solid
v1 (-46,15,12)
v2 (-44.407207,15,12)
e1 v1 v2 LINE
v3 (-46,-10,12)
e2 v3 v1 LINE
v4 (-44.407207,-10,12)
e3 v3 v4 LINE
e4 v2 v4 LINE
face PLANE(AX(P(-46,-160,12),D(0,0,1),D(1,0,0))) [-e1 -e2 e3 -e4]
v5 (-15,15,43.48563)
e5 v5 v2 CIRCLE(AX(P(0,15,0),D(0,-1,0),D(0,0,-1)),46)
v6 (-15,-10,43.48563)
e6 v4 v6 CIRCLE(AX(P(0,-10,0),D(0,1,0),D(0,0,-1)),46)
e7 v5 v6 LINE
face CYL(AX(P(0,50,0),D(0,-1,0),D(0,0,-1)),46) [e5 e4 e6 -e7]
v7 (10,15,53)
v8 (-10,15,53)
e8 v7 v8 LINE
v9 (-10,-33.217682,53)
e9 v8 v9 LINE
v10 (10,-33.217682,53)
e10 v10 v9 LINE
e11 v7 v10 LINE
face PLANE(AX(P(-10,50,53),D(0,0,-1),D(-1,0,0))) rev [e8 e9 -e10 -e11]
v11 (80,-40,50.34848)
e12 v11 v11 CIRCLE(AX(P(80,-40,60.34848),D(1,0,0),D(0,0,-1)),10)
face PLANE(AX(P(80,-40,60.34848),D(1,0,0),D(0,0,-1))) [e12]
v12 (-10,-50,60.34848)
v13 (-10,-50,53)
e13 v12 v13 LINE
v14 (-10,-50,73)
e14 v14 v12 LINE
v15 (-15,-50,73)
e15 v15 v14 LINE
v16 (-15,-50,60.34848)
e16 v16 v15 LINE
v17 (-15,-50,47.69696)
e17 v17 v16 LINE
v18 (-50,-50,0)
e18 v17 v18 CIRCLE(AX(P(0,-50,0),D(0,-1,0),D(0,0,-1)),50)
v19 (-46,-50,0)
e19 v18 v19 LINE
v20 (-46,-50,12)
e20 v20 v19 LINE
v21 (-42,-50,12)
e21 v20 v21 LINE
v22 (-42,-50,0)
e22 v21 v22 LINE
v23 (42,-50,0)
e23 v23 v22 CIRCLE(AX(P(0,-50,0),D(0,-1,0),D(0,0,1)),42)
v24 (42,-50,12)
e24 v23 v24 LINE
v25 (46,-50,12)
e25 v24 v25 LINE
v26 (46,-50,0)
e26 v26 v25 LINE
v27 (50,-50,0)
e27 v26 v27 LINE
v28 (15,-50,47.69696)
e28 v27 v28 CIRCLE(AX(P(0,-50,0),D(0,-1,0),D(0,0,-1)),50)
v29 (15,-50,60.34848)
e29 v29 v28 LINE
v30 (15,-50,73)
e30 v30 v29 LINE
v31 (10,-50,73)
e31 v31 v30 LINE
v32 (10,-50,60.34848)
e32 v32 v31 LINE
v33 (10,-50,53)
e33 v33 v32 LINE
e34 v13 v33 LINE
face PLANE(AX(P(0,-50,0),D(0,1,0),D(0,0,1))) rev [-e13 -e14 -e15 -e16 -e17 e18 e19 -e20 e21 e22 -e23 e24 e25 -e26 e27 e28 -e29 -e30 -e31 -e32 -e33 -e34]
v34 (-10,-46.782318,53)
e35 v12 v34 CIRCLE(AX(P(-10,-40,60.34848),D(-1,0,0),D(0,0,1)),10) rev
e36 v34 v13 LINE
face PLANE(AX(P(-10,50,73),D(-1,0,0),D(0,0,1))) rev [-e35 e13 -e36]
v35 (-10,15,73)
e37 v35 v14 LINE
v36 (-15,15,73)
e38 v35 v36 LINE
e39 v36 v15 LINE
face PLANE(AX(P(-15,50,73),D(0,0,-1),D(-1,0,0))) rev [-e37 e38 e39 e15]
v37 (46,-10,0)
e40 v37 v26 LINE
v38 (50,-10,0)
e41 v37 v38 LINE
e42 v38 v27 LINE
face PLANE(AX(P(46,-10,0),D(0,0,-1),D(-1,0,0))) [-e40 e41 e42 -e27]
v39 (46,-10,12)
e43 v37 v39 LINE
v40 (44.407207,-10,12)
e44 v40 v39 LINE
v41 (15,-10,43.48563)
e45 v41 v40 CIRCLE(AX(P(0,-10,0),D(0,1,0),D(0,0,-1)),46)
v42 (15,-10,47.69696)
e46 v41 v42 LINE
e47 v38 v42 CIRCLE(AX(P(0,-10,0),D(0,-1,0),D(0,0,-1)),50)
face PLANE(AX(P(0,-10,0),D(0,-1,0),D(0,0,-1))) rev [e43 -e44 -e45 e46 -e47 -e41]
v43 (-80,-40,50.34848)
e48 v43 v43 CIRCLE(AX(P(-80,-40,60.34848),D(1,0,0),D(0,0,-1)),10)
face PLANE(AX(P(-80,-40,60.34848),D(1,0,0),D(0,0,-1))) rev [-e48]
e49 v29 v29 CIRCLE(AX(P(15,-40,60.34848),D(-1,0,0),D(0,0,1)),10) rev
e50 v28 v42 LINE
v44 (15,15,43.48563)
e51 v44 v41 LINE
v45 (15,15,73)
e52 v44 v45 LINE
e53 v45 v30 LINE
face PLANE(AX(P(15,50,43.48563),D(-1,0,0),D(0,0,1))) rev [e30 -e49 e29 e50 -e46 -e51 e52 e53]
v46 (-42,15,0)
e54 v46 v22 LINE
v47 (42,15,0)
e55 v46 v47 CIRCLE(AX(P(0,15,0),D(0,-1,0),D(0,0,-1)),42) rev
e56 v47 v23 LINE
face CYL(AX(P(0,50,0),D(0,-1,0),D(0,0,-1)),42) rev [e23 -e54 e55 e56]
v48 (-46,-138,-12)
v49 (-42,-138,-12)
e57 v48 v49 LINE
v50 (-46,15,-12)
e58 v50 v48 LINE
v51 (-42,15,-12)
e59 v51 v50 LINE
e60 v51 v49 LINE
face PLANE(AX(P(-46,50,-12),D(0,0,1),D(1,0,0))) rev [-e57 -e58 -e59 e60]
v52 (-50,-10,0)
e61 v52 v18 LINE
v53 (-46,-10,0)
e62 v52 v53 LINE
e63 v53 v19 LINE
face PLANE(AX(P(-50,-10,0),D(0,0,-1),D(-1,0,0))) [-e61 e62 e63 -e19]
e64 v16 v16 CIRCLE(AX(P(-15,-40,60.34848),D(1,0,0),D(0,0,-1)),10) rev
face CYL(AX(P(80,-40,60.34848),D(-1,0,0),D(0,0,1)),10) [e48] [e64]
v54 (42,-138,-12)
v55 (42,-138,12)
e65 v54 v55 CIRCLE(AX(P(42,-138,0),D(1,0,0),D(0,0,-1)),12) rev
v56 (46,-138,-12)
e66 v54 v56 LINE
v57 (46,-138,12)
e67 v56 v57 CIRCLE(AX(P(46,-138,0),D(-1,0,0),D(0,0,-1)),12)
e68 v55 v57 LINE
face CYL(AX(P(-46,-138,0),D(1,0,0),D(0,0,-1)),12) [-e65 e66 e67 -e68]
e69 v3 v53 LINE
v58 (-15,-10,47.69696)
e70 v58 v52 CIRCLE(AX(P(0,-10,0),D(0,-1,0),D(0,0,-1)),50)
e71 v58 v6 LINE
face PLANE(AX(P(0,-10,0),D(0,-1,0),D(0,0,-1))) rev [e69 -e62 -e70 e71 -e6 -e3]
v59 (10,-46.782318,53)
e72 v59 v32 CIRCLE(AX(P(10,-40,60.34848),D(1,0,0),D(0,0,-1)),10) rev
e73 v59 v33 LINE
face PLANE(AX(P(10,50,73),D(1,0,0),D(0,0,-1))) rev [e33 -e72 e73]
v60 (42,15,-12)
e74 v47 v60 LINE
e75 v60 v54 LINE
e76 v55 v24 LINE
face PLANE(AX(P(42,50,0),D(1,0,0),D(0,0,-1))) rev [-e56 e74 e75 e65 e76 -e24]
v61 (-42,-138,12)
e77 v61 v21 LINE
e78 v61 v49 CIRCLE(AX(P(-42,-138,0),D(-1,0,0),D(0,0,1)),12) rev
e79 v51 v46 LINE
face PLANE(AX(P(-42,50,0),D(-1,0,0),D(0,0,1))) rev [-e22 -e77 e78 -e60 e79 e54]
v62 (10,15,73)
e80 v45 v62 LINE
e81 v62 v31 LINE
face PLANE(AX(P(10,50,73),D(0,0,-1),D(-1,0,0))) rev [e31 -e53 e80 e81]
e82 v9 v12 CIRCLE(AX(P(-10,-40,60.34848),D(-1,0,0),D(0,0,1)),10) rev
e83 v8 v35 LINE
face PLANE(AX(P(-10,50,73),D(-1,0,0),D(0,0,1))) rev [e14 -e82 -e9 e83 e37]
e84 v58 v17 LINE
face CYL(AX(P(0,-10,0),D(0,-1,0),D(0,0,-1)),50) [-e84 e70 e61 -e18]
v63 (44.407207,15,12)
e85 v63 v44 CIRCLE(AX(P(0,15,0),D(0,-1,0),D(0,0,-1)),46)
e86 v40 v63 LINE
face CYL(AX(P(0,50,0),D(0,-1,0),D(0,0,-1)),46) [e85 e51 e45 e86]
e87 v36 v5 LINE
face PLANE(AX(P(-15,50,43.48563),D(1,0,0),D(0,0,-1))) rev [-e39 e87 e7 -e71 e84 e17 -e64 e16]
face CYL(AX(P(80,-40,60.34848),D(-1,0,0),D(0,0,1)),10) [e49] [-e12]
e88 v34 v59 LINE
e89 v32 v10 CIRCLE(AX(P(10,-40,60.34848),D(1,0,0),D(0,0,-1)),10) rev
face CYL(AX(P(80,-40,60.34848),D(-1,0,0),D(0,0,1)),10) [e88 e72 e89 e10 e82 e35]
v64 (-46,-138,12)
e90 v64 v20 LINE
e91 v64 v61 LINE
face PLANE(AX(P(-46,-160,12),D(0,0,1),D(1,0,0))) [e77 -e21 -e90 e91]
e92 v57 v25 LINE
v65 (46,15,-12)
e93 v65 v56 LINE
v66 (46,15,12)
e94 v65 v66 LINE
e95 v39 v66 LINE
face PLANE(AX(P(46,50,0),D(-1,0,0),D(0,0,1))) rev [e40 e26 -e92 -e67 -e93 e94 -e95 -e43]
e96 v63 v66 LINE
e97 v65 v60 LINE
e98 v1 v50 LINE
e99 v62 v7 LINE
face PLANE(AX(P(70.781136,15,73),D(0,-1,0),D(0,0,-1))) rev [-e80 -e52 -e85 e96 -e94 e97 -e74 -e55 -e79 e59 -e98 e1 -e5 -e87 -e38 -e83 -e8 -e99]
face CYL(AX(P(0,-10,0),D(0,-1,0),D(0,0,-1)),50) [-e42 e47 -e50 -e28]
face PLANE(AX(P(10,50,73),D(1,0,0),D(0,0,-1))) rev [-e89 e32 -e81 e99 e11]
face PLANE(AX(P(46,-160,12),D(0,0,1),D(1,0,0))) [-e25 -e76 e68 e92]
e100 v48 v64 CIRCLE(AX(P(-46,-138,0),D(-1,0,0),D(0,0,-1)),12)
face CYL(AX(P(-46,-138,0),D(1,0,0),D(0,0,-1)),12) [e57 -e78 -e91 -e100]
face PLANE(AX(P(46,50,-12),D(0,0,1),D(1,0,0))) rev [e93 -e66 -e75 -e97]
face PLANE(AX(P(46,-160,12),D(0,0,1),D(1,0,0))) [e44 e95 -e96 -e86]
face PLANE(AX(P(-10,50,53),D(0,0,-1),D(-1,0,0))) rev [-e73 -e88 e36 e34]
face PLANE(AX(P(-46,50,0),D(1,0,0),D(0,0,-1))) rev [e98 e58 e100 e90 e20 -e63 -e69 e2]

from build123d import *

# Parameters (mm, degrees)
EXTRUDE_1_DEPTH     = 50
SKETCH_2_W          = 4
SKETCH_2_H          = 24
EXTRUDE_2_DEPTH     = 210
CUT_EXTRUDE_1_DEPTH = 93
SKETCH_4_W          = 4
SKETCH_4_H          = 24
EXTRUDE_3_DEPTH     = 260
EXTRUDE_4_DEPTH     = 30
SKETCH_6_R          = 4
CUT_EXTRUDE_2_DEPTH = 97
SKETCH_8_W          = 162.90282803
SKETCH_8_H          = 303.086270548
CUT_EXTRUDE_4_DEPTH = 86
EXTRUDE_5_DEPTH     = 40
SKETCH_10_R         = 10
EXTRUDE_6_DEPTH     = 80


with BuildPart() as part:
    # 草图1 → 凸台-拉伸1 (new body, symmetric)
    with BuildSketch(Plane(origin=(0, 0, 0), x_dir=(1, 0, 0), z_dir=(0, 1, 0))):
        with BuildLine():
            Line((-46, 0), (-46, 12))
            Line((-46, 12), (-42, 12))
            Line((-42, 12), (-42, 0))
            ThreePointArc((-42, 0), (0, -42), (42, 0))
            Line((42, 0), (42, 12))
            Line((42, 12), (46, 12))
            Line((46, 12), (46, 0))
            ThreePointArc((46, 0), (37.456641601, -26.702059846), (15, -43.48562981))
            Line((15, -43.48562981), (15, -73))
            Line((15, -73), (10, -73))
            Line((10, -73), (10, -53))
            Line((10, -53), (-10, -53))
            Line((-10, -53), (-10, -73))
            Line((-10, -73), (-15, -73))
            Line((-15, -73), (-15, -43.48562981))
            ThreePointArc((-15, -43.48562981), (-37.456641601, -26.702059846), (-46, 0))
        make_face()
    extrude(amount=EXTRUDE_1_DEPTH, both=True)

    # 草图2 → 凸台-拉伸2 (add)
    with BuildSketch(Plane(origin=(0, 50, 0), x_dir=(1, 0, 0), z_dir=(0, 1, 0))):
        with Locations((-44, 0)):
            Rectangle(SKETCH_2_W, SKETCH_2_H)
        with Locations((44, 0)):
            Rectangle(SKETCH_2_W, SKETCH_2_H)
    extrude(amount=-EXTRUDE_2_DEPTH)

    # 草图3 → 切除-拉伸1 (cut, through all)
    with BuildSketch(Plane(origin=(46, 0, 0), x_dir=(0, 0, -1), z_dir=(1, 0, 0))):
        with BuildLine():
            Line((-12, -138), (-12, -169.379550042))
            Line((-12, -169.379550042), (12, -169.379550042))
            Line((12, -169.379550042), (12, -138))
            ThreePointArc((12, -138), (0, -150), (-12, -138))
        make_face()
    extrude(amount=-CUT_EXTRUDE_1_DEPTH, mode=Mode.SUBTRACT)

    # 草图4 → 凸台-拉伸3 (add)
    with BuildSketch(Plane(origin=(0, 50, 0), x_dir=(1, 0, 0), z_dir=(0, 1, 0))):
        with Locations((44, 0)):
            Rectangle(SKETCH_4_W, SKETCH_4_H)
        with Locations((-44, 0)):
            Rectangle(SKETCH_4_W, SKETCH_4_H)
    extrude(amount=EXTRUDE_3_DEPTH)

    # 草图5 → 凸台-拉伸4 (add)
    with BuildSketch(Plane(origin=(0, 310, 0), x_dir=(1, 0, 0), z_dir=(0, 1, 0))):
        with BuildLine():
            Line((-48.538644398, 12), (-42, 12))
            Line((-42, 12), (-42, 0))
            ThreePointArc((-42, 0), (0, -42), (42, 0))
            Line((42, 0), (42, 12))
            Line((42, 12), (48.538644398, 12))
            ThreePointArc((48.538644398, 12), (0, -50), (-48.538644398, 12))
        make_face()
    extrude(amount=-EXTRUDE_4_DEPTH)

    # 草图6 → 切除-拉伸2 (cut, through all)
    with BuildSketch(Plane(origin=(46, 0, 0), x_dir=(0, 0, -1), z_dir=(1, 0, 0))):
        with Locations((0, 200)):
            Circle(SKETCH_6_R)
    extrude(amount=-CUT_EXTRUDE_2_DEPTH, mode=Mode.SUBTRACT)

    # 草图8 → 切除-拉伸4 (cut, through all)
    with BuildSketch(Plane(origin=(0, 0, -12), x_dir=(-1, 0, 0), z_dir=(0, 0, -1))):
        with Locations((10.670277924, 166.543135274)):
            Rectangle(SKETCH_8_W, SKETCH_8_H)
    extrude(amount=-CUT_EXTRUDE_4_DEPTH, mode=Mode.SUBTRACT)

    # 草图9 → 凸台-拉伸5 (add)
    with BuildSketch(Plane.XZ.offset(50)):
        with BuildLine():
            Line((-50, 0), (-46, 0))
            ThreePointArc((-46, 0), (0, 46), (46, 0))
            Line((46, 0), (50, 0))
            ThreePointArc((50, 0), (0, 50), (-50, 0))
        make_face()
    extrude(amount=-EXTRUDE_5_DEPTH)

    # 草图10 → 凸台-拉伸6 (add, symmetric)
    with BuildSketch(Plane(origin=(0, 0, 0), x_dir=(0, 0, -1), z_dir=(1, 0, 0))):
        with Locations((-60.348480035, -40)):
            Circle(SKETCH_10_R)
    extrude(amount=EXTRUDE_6_DEPTH, both=True)


solid = part.part
